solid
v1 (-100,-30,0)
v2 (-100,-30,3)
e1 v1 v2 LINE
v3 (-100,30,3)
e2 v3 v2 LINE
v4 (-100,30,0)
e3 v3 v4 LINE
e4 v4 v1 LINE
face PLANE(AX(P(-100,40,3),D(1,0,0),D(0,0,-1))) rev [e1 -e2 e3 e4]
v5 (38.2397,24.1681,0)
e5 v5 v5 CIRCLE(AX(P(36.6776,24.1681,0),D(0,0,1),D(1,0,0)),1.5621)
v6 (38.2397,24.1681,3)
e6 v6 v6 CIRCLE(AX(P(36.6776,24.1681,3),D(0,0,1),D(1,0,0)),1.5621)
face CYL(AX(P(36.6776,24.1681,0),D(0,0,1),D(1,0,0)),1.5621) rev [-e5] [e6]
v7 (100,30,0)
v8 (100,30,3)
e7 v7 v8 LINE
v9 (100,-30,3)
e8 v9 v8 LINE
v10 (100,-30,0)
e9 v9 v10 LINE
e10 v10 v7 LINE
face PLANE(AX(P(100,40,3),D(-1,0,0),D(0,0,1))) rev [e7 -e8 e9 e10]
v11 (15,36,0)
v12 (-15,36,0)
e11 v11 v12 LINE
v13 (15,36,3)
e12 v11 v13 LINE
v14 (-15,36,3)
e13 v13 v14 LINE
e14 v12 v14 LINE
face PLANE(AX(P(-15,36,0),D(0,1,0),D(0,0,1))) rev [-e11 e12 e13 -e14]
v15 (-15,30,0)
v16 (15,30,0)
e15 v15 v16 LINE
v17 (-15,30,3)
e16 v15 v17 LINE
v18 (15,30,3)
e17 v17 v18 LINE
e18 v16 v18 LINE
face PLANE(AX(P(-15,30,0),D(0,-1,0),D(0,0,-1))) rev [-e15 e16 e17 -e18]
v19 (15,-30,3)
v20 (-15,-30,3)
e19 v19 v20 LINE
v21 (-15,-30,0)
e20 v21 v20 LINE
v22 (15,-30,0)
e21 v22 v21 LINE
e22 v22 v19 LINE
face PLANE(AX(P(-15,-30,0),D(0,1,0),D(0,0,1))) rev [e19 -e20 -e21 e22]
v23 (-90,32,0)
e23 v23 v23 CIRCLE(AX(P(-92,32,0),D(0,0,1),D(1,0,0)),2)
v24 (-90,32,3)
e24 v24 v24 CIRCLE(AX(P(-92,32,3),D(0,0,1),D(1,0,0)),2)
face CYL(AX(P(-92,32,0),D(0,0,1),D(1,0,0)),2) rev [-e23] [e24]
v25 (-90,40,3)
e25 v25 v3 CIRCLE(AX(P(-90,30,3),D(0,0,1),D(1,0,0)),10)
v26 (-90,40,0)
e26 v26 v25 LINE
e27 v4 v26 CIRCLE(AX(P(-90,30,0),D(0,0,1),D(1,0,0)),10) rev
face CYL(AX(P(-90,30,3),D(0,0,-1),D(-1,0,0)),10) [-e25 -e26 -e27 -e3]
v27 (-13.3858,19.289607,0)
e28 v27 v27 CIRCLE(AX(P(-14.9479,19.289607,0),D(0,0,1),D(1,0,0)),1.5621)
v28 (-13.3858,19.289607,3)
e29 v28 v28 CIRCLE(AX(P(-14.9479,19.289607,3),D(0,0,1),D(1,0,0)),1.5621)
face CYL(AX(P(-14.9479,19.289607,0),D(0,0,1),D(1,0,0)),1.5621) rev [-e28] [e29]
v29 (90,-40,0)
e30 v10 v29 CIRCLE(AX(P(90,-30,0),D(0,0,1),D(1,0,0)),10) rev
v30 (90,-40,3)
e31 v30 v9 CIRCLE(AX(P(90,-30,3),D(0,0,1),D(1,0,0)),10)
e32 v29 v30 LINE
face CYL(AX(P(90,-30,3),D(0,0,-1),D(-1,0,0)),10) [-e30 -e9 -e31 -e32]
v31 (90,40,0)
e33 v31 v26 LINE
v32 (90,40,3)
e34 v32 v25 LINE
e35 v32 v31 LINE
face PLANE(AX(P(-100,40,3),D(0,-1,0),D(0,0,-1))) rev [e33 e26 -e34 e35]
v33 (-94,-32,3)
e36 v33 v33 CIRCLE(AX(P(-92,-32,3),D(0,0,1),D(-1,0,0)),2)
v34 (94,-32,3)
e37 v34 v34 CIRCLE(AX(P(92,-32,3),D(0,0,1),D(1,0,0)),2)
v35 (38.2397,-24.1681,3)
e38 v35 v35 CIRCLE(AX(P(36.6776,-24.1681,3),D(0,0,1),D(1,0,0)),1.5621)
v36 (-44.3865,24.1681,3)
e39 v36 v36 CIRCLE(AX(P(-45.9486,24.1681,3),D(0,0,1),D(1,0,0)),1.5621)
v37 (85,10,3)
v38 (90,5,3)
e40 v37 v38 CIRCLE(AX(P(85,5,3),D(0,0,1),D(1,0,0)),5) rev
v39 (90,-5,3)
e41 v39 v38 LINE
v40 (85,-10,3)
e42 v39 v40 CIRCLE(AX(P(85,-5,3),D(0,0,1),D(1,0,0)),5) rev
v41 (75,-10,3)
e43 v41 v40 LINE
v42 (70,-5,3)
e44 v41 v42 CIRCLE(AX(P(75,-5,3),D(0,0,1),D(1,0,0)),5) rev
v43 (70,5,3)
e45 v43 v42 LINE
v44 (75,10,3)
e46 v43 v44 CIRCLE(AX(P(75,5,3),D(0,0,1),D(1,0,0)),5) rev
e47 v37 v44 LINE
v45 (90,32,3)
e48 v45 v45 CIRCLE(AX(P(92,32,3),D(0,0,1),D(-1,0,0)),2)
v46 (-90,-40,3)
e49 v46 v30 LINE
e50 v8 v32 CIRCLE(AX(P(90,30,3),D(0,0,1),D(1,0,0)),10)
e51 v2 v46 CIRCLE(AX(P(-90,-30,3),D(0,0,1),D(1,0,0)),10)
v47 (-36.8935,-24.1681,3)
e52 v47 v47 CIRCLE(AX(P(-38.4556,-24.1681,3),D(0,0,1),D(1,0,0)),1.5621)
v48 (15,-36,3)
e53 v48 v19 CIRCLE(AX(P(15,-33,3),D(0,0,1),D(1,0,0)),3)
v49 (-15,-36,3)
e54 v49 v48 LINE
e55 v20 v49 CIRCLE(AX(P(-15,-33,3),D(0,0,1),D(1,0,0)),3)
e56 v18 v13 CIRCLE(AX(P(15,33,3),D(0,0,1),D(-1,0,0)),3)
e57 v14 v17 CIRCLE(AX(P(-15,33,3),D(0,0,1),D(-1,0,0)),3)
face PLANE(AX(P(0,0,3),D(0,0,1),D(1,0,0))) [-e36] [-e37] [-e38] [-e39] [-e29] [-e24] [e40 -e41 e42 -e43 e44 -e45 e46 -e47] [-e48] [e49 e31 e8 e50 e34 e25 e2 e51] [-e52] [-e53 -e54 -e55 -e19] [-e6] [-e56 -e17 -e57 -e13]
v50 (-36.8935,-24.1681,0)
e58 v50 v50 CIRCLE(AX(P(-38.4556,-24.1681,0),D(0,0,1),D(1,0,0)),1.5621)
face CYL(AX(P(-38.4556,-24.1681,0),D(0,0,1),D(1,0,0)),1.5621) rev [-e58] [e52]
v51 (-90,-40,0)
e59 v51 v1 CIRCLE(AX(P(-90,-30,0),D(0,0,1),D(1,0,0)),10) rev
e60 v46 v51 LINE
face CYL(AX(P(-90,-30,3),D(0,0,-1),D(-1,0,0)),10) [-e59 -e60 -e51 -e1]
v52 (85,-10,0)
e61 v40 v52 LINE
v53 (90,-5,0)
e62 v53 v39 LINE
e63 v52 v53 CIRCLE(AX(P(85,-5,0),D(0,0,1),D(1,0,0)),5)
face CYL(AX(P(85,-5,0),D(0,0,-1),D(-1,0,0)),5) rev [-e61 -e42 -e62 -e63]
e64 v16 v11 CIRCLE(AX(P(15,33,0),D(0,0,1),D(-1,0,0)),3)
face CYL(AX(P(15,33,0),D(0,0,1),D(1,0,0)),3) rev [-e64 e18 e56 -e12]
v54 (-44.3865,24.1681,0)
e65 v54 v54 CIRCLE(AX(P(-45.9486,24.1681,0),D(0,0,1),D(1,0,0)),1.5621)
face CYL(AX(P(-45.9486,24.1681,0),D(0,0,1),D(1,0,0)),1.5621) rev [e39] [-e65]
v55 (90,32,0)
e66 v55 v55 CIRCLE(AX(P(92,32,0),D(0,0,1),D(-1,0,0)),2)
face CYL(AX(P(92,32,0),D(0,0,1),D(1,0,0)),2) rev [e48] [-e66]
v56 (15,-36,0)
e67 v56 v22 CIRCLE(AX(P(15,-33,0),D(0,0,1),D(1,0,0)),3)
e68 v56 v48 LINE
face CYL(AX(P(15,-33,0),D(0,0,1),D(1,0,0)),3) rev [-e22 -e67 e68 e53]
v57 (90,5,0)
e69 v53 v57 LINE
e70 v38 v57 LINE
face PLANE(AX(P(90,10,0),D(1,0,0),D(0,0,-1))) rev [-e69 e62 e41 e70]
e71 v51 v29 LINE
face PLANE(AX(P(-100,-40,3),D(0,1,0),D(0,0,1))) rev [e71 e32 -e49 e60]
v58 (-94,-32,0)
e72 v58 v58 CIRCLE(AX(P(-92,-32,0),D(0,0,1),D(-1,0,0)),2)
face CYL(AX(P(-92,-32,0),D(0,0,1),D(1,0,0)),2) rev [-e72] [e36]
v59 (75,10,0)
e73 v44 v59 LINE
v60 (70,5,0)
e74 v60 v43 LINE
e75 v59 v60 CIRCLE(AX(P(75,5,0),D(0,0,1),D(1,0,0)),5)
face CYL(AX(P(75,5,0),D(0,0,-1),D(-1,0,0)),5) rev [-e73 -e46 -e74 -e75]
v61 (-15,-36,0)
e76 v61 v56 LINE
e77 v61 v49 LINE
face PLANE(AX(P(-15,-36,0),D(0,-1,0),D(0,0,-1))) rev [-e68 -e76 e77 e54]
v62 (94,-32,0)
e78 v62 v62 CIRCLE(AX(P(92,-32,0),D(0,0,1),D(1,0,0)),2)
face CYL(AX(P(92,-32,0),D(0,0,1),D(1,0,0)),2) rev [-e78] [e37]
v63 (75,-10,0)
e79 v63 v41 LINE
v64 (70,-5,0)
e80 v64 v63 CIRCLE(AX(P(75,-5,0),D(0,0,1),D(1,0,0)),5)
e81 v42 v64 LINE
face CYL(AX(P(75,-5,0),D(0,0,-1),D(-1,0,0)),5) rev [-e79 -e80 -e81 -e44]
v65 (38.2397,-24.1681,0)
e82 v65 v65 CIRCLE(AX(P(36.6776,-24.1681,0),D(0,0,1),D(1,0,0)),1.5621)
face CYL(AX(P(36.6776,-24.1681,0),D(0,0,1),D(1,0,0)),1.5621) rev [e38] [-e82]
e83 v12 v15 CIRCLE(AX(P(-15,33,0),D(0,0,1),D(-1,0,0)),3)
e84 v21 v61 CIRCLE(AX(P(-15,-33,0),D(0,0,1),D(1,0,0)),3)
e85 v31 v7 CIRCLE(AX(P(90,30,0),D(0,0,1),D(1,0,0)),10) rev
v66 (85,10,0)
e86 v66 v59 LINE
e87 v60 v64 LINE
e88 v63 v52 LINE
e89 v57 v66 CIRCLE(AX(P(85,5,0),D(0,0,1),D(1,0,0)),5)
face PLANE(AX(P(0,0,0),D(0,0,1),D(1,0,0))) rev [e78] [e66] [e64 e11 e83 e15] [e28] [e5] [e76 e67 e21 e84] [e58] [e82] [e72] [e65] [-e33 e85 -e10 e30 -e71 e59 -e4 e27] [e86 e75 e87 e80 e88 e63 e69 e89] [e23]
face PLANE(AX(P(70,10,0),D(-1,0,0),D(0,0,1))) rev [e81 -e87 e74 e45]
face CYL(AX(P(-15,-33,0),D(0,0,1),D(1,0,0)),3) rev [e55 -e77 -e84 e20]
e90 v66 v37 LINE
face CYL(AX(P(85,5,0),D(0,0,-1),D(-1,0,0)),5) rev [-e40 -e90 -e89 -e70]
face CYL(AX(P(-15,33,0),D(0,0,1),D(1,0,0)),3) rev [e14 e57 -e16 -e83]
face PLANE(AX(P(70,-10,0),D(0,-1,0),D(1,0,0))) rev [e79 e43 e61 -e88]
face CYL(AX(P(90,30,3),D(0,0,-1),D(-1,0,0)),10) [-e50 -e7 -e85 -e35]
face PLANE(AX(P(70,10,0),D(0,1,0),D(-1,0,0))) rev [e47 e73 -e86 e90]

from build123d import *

# Parameters (mm, degrees)
SKETCH1_W           = 200
SKETCH1_H           = 80
BOSS_EXTRUDE1_DEPTH = 3
SKETCH2_R           = 2
CUT_EXTRUDE1_DEPTH  = 108.745069493
FILLET1_R           = 10
SKETCH3_R           = 1.5621
CUT_EXTRUDE2_DEPTH  = 108.745069493
SKETCH4_W           = 20
SKETCH4_H           = 20
CUT_EXTRUDE3_DEPTH  = 108.745069493
FILLET2_R           = 5
CUT_EXTRUDE4_DEPTH  = 108.745069493


with BuildPart() as part:
    # Sketch1 → Boss-Extrude1 (new body)
    with BuildSketch(Plane.XY):
        Rectangle(SKETCH1_W, SKETCH1_H)
    extrude(amount=BOSS_EXTRUDE1_DEPTH)

    # Sketch2 → Cut-Extrude1 (cut, through all)
    with BuildSketch(Plane.XY.offset(3)):
        with Locations((-92, 32)):
            Circle(SKETCH2_R)
        with Locations(Location((-92, -32, 0), (0, 0, 180))):
            Circle(SKETCH2_R)
        with Locations((92, -32)):
            Circle(SKETCH2_R)
        with Locations(Location((92, 32, 0), (0, 0, 180))):
            Circle(SKETCH2_R)
    extrude(amount=-CUT_EXTRUDE1_DEPTH, mode=Mode.SUBTRACT)

    # Fillet1
    fillet1_edges = [part.edges().sort_by_distance(p)[0] for p in [
        (100, -40, 1.5),
        (-100, -40, 1.5),
        (-100, 40, 1.5),
        (100, 40, 1.5),
    ]]
    fillet(fillet1_edges, radius=FILLET1_R)

    # Sketch3 → Cut-Extrude2 (cut, through all)
    with BuildSketch(Plane.XY.offset(3)):
        with Locations((36.6776, 24.1681)):
            Circle(SKETCH3_R)
        with Locations((36.6776, -24.1681)):
            Circle(SKETCH3_R)
        with Locations((-38.4556, -24.1681)):
            Circle(SKETCH3_R)
        with Locations((-45.9486, 24.1681)):
            Circle(SKETCH3_R)
        with Locations((-14.9479, 19.289607234)):
            Circle(SKETCH3_R)
    extrude(amount=-CUT_EXTRUDE2_DEPTH, mode=Mode.SUBTRACT)

    # Sketch4 → Cut-Extrude3 (cut, through all)
    with BuildSketch(Plane.XY.offset(3)):
        with Locations((80, 0)):
            Rectangle(SKETCH4_W, SKETCH4_H)
    extrude(amount=-CUT_EXTRUDE3_DEPTH, mode=Mode.SUBTRACT)

    # Fillet2
    fillet2_edges = [part.edges().sort_by_distance(p)[0] for p in [
        (90, 10, 1.5),
        (90, -10, 1.5),
        (70, -10, 1.5),
        (70, 10, 1.5),
    ]]
    fillet(fillet2_edges, radius=FILLET2_R)

    # Sketch5 → Cut-Extrude4 (cut, through all)
    with BuildSketch(Plane.XY.offset(3)):
        with BuildLine():
            Line((-15, -30), (15, -30))
            ThreePointArc((15, -30), (18, -33), (15, -36))
            Line((15, -36), (-15, -36))
            ThreePointArc((-15, -36), (-18, -33), (-15, -30))
        make_face()
        with BuildLine():
            Line((-15, 30), (15, 30))
            ThreePointArc((15, 30), (18, 33), (15, 36))
            Line((15, 36), (-15, 36))
            ThreePointArc((-15, 36), (-18, 33), (-15, 30))
        make_face()
    extrude(amount=-CUT_EXTRUDE4_DEPTH, mode=Mode.SUBTRACT)


solid = part.part
